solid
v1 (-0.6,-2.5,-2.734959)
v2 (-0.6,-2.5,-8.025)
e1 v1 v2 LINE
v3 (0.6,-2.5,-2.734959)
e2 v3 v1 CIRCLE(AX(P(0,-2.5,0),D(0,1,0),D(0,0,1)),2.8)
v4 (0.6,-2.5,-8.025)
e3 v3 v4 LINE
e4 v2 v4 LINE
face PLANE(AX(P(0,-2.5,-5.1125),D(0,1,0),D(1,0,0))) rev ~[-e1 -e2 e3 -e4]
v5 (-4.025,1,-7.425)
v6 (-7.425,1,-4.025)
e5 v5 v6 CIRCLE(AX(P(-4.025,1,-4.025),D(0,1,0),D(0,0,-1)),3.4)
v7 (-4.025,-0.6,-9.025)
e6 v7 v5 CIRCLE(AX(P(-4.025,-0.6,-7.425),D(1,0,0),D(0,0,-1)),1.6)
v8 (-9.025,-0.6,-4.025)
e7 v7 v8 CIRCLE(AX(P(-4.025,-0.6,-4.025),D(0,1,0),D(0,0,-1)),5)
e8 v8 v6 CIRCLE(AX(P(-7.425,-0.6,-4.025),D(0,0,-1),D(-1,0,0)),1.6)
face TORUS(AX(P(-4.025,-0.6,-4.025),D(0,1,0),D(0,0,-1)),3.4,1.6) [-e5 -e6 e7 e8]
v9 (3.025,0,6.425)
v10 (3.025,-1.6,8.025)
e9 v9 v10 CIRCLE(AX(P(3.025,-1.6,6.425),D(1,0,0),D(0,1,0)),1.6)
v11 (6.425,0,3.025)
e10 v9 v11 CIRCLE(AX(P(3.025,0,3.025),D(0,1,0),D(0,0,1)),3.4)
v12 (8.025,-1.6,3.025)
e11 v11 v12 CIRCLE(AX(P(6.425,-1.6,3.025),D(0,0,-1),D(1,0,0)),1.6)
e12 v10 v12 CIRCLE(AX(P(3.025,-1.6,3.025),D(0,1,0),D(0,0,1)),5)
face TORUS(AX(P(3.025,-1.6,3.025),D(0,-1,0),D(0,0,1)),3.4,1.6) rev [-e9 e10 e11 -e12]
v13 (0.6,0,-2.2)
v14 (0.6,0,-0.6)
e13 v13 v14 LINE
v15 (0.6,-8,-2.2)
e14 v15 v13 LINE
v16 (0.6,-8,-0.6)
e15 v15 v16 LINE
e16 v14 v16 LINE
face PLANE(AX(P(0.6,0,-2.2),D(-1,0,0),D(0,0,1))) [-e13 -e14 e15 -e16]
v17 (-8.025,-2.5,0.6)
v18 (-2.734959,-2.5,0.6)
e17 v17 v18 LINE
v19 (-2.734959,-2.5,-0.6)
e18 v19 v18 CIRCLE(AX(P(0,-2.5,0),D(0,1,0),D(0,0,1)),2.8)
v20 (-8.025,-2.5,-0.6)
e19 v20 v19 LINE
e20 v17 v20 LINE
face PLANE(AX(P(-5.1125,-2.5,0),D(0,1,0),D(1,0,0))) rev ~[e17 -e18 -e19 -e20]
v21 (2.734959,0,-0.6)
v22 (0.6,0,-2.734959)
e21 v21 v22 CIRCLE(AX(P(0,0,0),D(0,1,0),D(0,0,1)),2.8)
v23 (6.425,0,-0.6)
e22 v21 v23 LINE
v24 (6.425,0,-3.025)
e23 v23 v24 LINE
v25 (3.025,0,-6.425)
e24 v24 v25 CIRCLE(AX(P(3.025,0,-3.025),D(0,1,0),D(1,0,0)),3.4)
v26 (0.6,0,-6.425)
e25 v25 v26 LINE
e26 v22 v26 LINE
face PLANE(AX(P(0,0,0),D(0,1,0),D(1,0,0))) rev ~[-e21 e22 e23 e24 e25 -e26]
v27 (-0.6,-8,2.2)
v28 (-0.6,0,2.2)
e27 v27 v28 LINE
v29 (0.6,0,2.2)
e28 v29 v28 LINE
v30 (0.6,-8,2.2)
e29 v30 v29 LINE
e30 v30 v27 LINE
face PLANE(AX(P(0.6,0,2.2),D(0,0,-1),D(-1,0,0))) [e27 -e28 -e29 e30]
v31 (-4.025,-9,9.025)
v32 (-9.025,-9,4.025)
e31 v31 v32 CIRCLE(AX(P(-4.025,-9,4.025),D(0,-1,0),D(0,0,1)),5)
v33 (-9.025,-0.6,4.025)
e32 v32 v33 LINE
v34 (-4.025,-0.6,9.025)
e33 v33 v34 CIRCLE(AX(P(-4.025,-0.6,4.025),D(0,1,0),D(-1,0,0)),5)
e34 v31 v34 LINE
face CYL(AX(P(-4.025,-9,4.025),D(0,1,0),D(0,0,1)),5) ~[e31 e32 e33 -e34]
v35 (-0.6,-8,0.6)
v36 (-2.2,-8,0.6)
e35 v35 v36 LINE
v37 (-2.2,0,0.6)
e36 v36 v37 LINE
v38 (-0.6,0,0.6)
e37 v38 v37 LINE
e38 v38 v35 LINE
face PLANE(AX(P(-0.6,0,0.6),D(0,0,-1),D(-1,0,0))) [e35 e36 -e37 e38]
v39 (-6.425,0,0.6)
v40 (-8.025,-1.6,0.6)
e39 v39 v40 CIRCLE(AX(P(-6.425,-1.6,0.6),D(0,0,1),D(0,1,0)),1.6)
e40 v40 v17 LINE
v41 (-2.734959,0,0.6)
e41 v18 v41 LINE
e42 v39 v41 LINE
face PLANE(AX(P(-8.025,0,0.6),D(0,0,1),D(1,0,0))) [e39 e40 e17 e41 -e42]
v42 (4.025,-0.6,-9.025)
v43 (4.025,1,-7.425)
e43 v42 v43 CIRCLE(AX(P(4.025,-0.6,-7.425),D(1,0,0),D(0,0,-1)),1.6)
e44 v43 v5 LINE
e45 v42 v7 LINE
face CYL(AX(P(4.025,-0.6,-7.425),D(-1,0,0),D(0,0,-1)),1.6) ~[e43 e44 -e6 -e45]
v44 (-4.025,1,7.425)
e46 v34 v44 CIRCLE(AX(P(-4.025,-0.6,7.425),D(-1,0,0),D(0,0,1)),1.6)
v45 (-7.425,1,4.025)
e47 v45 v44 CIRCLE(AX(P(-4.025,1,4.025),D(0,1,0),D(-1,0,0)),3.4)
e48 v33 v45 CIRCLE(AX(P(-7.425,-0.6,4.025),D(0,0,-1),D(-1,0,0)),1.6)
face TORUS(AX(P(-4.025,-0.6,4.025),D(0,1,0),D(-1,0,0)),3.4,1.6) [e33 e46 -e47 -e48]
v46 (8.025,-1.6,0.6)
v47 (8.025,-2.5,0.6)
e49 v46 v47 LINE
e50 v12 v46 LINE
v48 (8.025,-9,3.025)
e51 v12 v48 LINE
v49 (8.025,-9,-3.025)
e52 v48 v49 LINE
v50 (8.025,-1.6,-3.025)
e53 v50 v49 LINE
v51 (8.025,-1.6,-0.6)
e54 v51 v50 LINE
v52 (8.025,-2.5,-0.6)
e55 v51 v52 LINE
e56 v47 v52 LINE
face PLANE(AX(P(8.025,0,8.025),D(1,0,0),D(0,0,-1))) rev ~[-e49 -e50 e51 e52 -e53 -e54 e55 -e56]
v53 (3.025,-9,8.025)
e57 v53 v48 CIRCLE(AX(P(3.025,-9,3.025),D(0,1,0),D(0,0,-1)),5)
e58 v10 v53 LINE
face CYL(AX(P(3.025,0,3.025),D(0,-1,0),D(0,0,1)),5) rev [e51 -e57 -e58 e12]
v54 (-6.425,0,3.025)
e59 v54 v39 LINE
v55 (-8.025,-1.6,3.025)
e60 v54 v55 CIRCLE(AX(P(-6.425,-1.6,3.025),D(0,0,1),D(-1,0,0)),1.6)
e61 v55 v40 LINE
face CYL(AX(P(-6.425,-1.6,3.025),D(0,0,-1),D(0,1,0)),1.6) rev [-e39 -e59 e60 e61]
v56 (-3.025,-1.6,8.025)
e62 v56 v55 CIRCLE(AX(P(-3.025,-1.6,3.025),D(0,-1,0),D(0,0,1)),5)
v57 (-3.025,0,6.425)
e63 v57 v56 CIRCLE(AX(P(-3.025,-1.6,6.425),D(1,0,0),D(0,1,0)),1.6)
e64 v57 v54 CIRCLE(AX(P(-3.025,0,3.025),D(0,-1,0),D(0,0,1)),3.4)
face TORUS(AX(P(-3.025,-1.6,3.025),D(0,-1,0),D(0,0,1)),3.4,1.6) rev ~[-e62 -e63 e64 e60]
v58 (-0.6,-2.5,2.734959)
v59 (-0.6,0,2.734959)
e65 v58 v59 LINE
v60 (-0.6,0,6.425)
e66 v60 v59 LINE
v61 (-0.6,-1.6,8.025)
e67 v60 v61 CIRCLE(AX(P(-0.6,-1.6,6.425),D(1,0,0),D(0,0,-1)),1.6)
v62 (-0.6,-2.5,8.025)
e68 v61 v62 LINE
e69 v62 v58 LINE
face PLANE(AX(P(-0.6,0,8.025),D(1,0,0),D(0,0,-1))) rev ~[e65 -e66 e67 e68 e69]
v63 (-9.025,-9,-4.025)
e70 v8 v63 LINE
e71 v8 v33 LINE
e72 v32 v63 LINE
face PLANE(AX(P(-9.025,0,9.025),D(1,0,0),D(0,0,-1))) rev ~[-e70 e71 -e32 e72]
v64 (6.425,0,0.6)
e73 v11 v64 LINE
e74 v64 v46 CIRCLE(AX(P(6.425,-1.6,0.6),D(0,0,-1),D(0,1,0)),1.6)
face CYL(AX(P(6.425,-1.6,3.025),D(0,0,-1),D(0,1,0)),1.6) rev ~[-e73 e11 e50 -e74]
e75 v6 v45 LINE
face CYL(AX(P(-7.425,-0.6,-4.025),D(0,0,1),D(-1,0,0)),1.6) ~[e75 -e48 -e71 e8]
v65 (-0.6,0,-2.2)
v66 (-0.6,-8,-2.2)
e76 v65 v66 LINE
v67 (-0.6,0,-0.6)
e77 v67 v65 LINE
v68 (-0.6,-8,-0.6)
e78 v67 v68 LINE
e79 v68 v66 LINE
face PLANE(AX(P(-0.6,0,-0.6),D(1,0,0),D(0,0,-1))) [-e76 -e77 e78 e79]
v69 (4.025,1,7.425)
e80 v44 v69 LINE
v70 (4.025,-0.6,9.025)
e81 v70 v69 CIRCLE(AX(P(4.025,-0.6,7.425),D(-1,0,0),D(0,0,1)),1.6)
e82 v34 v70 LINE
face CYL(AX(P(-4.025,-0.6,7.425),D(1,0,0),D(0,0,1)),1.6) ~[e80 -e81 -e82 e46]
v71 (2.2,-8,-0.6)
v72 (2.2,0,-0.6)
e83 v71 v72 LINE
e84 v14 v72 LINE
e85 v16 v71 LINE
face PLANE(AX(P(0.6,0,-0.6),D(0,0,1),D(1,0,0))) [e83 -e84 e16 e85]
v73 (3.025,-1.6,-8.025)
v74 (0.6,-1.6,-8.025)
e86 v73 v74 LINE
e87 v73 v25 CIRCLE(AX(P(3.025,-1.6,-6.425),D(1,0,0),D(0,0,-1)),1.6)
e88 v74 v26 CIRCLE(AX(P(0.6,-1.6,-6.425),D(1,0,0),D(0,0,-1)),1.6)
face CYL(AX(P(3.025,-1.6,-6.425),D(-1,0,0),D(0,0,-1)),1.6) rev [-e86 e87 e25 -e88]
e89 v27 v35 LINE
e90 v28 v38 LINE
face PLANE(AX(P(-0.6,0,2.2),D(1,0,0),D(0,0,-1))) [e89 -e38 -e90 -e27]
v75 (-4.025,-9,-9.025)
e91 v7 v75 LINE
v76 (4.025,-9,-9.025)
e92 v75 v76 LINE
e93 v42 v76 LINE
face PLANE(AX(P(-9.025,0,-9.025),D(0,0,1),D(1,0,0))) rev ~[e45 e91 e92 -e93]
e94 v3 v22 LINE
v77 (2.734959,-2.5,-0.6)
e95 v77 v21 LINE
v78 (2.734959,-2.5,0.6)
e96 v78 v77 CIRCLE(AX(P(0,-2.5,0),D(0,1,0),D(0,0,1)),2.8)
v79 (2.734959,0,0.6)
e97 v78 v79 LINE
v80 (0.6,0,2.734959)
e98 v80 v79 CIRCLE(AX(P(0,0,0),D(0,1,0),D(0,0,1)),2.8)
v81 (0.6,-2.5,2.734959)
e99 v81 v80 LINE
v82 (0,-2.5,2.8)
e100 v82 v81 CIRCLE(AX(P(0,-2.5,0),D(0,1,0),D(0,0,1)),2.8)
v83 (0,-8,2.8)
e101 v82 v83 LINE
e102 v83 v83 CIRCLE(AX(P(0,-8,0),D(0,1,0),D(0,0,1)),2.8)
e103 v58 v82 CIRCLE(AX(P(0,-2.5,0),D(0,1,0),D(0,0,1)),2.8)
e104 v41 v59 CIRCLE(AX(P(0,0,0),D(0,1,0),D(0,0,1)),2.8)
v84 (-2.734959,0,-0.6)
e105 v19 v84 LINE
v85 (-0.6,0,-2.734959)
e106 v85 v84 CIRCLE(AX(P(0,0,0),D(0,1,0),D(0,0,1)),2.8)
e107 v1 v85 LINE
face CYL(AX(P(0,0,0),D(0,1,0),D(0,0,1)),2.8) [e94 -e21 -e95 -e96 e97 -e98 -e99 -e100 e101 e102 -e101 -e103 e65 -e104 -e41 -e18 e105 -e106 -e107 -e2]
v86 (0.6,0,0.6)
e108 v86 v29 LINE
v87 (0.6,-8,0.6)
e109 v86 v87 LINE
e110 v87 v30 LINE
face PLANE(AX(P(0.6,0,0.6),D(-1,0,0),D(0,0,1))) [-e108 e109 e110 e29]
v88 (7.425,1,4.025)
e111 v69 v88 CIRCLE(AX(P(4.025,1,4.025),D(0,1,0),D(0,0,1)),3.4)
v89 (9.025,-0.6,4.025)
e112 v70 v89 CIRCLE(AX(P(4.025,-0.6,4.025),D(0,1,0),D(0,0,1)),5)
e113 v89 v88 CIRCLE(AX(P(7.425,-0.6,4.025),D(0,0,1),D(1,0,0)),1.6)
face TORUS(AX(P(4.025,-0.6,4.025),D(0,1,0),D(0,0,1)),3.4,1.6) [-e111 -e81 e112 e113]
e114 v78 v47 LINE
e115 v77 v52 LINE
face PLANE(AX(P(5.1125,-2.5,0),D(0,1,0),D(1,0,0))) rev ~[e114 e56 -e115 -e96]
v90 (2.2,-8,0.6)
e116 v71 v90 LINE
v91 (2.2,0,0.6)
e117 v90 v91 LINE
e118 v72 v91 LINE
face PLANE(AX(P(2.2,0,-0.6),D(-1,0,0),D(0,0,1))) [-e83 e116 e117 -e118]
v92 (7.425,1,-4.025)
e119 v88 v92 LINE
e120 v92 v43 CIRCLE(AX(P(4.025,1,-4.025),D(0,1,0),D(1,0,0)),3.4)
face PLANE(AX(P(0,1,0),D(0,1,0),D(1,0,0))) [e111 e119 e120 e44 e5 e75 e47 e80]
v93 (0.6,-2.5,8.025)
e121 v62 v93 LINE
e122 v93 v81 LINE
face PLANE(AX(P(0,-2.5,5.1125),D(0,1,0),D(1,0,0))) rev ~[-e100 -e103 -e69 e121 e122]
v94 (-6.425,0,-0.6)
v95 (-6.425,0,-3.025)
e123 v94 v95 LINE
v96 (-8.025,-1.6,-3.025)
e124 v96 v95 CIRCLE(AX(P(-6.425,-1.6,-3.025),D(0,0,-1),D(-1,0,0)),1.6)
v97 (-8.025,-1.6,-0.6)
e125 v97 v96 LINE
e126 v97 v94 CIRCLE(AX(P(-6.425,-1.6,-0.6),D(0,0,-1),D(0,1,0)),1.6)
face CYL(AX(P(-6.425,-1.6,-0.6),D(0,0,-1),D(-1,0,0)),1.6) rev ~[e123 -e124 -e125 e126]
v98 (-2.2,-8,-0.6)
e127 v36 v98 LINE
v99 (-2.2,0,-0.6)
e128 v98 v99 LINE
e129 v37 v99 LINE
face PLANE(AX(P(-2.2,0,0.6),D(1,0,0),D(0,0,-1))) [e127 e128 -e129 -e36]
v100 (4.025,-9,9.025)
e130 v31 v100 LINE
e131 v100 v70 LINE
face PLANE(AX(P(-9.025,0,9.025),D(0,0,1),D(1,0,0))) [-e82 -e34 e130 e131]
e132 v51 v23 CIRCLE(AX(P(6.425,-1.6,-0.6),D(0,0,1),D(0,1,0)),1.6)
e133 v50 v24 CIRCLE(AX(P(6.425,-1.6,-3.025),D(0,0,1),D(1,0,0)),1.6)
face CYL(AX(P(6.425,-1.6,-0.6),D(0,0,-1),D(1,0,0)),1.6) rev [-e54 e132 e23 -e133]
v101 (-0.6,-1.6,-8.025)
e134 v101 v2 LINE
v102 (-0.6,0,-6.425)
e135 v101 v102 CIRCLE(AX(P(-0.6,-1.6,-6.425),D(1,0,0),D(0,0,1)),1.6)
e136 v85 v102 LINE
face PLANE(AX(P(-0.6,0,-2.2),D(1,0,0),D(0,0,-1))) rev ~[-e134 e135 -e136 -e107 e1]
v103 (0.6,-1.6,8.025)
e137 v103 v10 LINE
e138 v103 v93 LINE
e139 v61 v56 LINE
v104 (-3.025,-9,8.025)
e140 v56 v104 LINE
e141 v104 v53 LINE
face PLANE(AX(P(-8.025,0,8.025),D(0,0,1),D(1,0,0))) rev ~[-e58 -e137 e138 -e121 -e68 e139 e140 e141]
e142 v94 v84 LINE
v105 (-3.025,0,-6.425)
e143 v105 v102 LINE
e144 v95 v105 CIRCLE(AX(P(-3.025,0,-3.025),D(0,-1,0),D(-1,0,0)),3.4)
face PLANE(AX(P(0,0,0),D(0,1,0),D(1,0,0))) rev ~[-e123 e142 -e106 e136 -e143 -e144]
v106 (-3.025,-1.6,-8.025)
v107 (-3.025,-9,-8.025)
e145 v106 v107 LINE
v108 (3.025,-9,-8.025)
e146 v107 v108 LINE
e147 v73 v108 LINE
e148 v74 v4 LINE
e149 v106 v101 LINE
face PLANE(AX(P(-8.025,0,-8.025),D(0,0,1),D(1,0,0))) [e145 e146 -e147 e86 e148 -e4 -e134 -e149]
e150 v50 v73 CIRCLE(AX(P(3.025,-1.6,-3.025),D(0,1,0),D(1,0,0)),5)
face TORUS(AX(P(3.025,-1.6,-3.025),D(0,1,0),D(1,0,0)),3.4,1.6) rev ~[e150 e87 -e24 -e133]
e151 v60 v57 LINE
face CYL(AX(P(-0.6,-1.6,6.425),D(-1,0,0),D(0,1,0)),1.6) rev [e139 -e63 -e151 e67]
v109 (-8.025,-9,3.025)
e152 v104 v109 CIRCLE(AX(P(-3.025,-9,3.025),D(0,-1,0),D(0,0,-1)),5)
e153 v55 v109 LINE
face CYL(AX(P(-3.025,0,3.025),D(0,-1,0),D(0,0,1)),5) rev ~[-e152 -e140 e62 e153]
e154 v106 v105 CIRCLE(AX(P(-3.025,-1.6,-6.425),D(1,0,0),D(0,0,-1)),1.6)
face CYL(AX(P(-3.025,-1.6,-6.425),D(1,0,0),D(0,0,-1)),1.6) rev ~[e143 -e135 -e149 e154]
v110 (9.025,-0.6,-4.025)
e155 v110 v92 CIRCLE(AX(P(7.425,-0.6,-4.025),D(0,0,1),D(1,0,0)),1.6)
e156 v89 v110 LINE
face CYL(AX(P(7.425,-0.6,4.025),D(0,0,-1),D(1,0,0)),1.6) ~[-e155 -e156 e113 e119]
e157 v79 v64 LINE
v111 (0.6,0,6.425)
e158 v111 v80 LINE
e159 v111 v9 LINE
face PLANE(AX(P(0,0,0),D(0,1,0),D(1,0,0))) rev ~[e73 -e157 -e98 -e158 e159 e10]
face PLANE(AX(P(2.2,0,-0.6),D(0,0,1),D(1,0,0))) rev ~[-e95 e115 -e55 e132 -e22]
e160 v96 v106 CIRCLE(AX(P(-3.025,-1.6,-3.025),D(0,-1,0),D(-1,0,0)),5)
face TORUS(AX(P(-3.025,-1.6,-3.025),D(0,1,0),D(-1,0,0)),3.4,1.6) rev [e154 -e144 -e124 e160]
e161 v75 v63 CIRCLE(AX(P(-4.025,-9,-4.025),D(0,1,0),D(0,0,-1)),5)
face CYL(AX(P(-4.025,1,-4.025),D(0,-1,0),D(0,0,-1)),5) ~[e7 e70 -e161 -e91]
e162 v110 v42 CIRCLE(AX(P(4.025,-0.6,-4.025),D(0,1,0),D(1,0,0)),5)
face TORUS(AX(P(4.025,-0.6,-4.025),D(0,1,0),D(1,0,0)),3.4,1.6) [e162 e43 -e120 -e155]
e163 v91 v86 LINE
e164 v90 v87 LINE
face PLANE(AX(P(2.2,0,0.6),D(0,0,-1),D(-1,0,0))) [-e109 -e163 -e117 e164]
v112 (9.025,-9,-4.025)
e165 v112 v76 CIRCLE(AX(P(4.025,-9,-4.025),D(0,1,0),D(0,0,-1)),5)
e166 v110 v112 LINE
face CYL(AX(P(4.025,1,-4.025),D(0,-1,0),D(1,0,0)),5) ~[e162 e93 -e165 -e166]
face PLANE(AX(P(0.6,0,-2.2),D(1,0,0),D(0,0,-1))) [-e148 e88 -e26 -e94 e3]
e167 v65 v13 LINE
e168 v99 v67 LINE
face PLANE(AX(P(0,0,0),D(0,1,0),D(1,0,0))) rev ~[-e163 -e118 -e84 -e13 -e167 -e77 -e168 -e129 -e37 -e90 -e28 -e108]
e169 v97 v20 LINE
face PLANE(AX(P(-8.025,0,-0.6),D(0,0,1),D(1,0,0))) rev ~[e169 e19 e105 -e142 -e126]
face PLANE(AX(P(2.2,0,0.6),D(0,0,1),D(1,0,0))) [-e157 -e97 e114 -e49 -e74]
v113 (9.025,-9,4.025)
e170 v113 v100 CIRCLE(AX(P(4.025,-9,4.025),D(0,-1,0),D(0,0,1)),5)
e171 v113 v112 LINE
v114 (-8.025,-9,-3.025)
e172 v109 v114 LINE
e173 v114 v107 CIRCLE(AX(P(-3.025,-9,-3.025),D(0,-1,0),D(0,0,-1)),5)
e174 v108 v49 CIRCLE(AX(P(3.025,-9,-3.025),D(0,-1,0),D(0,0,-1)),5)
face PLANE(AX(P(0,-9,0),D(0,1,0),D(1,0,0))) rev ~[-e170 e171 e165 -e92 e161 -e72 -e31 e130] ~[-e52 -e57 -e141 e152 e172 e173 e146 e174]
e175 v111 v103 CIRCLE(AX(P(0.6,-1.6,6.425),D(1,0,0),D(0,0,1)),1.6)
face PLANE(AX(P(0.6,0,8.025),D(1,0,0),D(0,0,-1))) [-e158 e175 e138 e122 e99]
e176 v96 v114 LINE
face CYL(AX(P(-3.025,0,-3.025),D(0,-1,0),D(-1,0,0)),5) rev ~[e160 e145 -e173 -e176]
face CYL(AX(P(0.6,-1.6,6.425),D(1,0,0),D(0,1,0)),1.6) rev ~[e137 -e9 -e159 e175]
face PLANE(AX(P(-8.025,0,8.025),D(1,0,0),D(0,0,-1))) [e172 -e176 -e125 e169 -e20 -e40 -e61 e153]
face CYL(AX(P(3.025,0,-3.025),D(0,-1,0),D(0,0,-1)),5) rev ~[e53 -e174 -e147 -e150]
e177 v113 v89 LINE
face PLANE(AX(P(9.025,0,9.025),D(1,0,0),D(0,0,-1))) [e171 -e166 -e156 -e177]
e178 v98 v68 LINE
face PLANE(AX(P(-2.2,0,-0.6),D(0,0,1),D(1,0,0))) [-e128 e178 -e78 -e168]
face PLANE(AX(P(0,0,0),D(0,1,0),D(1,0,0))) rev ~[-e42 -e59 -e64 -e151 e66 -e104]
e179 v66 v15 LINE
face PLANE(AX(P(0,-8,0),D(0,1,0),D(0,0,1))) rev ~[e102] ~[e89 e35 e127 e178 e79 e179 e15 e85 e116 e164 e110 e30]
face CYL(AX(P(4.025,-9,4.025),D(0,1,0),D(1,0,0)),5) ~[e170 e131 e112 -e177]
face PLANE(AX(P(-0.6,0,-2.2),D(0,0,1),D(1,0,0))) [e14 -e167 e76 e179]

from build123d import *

# Parameters (mm, degrees)
SKETCH_1_R      = 2.8
EXTRUDE_1_DEPTH = 8
SKETCH_2_W      = 18.05
SKETCH_2_H      = 18.05
EXTRUDE_2_DEPTH = 1
SKETCH_3_W      = 18.05
SKETCH_3_H      = 18.05
SKETCH_3_W_2    = 16.05
SKETCH_3_H_2    = 16.05
EXTRUDE_3_DEPTH = 9
SKETCH_6_W      = 1.2
SKETCH_6_H      = 5.825
SKETCH_6_W_2    = 5.825
SKETCH_6_H_2    = 1.2
EXTRUDE_4_DEPTH = 2.5
FILLET_3_R      = 5
FILLET_4_R      = 1.6


with BuildPart() as part:
    # 草图1 → 凸台-拉伸1 (new body)
    with BuildSketch(Plane(origin=(0, 0, 0), x_dir=(1, 0, 0), z_dir=(0, 1, 0))):
        with Locations(Location((0, 0, 0), (0, 0, 270))):
            Circle(SKETCH_1_R)
        Polygon((2.2, 0.6), (2.2, -0.6), (0.6, -0.6), (0.6, -2.2), (-0.6, -2.2), (-0.6, -0.6), (-2.2, -0.6), (-2.2, 0.6), (-0.6, 0.6), (-0.6, 2.2), (0.6, 2.2), (0.6, 0.6), align=None, mode=Mode.SUBTRACT)
    extrude(amount=-EXTRUDE_1_DEPTH)

    # 草图2 → 凸台-拉伸2 (add)
    with BuildSketch(Plane(origin=(0, 0, 0), x_dir=(1, 0, 0), z_dir=(0, 1, 0))):
        Rectangle(SKETCH_2_W, SKETCH_2_H)
    extrude(amount=EXTRUDE_2_DEPTH)

    # 草图3 → 凸台-拉伸3 (add)
    with BuildSketch(Plane(origin=(0, 0, 0), x_dir=(1, 0, 0), z_dir=(0, 1, 0))):
        Rectangle(SKETCH_3_W, SKETCH_3_H)
        Rectangle(SKETCH_3_W_2, SKETCH_3_H_2, mode=Mode.SUBTRACT)
    extrude(amount=-EXTRUDE_3_DEPTH)

    # 草图6 → 凸台-拉伸4 (add)
    with BuildSketch(Plane(origin=(0, 0, 0), x_dir=(1, 0, 0), z_dir=(0, 1, 0))):
        with Locations((0, 5.1125)):
            Rectangle(SKETCH_6_W, SKETCH_6_H)
        with Locations((5.1125, 0)):
            Rectangle(SKETCH_6_W_2, SKETCH_6_H_2)
        with Locations((0, -5.1125)):
            Rectangle(SKETCH_6_W, SKETCH_6_H)
        with Locations((-5.1125, 0)):
            Rectangle(SKETCH_6_W_2, SKETCH_6_H_2)
    extrude(amount=-EXTRUDE_4_DEPTH)

    # 圆角3
    fillet_3_edges = [part.edges().sort_by_distance(p)[0] for p in [
        (9.025, -4, 9.025),
        (9.025, -4, -9.025),
        (-9.025, -4, -9.025),
        (-9.025, -4, 9.025),
        (-8.025, -4.5, 8.025),
        (-8.025, -4.5, -8.025),
        (8.025, -4.5, -8.025),
        (8.025, -4.5, 8.025),
    ]]
    fillet(fillet_3_edges, radius=FILLET_3_R)

    # 圆角4
    fillet_4_edges = [part.edges().sort_by_distance(p)[0] for p in [
        (-8.025, 0, 1.8125),
        (-1.8125, 0, -8.025),
        (8.025, 0, -1.8125),
        (8.025, 0, 1.8125),
        (6.560533906, 0, 6.560533906),
        (-1.8125, 0, 8.025),
        (-6.560533906, 0, 6.560533906),
        (-8.025, 0, -1.8125),
        (-6.560533906, 0, -6.560533906),
        (1.8125, 0, -8.025),
        (6.560533906, 0, -6.560533906),
        (0, 1, 9.025),
        (-9.025, 1, 0),
        (9.025, 1, 0),
        (0, 1, -9.025),
        (-7.560533906, 1, -7.560533906),
        (7.560533906, 1, -7.560533906),
        (7.560533906, 1, 7.560533906),
        (-7.560533906, 1, 7.560533906),
        (1.8125, 0, 8.025),
    ]]
    fillet(fillet_4_edges, radius=FILLET_4_R)


solid = part.part
